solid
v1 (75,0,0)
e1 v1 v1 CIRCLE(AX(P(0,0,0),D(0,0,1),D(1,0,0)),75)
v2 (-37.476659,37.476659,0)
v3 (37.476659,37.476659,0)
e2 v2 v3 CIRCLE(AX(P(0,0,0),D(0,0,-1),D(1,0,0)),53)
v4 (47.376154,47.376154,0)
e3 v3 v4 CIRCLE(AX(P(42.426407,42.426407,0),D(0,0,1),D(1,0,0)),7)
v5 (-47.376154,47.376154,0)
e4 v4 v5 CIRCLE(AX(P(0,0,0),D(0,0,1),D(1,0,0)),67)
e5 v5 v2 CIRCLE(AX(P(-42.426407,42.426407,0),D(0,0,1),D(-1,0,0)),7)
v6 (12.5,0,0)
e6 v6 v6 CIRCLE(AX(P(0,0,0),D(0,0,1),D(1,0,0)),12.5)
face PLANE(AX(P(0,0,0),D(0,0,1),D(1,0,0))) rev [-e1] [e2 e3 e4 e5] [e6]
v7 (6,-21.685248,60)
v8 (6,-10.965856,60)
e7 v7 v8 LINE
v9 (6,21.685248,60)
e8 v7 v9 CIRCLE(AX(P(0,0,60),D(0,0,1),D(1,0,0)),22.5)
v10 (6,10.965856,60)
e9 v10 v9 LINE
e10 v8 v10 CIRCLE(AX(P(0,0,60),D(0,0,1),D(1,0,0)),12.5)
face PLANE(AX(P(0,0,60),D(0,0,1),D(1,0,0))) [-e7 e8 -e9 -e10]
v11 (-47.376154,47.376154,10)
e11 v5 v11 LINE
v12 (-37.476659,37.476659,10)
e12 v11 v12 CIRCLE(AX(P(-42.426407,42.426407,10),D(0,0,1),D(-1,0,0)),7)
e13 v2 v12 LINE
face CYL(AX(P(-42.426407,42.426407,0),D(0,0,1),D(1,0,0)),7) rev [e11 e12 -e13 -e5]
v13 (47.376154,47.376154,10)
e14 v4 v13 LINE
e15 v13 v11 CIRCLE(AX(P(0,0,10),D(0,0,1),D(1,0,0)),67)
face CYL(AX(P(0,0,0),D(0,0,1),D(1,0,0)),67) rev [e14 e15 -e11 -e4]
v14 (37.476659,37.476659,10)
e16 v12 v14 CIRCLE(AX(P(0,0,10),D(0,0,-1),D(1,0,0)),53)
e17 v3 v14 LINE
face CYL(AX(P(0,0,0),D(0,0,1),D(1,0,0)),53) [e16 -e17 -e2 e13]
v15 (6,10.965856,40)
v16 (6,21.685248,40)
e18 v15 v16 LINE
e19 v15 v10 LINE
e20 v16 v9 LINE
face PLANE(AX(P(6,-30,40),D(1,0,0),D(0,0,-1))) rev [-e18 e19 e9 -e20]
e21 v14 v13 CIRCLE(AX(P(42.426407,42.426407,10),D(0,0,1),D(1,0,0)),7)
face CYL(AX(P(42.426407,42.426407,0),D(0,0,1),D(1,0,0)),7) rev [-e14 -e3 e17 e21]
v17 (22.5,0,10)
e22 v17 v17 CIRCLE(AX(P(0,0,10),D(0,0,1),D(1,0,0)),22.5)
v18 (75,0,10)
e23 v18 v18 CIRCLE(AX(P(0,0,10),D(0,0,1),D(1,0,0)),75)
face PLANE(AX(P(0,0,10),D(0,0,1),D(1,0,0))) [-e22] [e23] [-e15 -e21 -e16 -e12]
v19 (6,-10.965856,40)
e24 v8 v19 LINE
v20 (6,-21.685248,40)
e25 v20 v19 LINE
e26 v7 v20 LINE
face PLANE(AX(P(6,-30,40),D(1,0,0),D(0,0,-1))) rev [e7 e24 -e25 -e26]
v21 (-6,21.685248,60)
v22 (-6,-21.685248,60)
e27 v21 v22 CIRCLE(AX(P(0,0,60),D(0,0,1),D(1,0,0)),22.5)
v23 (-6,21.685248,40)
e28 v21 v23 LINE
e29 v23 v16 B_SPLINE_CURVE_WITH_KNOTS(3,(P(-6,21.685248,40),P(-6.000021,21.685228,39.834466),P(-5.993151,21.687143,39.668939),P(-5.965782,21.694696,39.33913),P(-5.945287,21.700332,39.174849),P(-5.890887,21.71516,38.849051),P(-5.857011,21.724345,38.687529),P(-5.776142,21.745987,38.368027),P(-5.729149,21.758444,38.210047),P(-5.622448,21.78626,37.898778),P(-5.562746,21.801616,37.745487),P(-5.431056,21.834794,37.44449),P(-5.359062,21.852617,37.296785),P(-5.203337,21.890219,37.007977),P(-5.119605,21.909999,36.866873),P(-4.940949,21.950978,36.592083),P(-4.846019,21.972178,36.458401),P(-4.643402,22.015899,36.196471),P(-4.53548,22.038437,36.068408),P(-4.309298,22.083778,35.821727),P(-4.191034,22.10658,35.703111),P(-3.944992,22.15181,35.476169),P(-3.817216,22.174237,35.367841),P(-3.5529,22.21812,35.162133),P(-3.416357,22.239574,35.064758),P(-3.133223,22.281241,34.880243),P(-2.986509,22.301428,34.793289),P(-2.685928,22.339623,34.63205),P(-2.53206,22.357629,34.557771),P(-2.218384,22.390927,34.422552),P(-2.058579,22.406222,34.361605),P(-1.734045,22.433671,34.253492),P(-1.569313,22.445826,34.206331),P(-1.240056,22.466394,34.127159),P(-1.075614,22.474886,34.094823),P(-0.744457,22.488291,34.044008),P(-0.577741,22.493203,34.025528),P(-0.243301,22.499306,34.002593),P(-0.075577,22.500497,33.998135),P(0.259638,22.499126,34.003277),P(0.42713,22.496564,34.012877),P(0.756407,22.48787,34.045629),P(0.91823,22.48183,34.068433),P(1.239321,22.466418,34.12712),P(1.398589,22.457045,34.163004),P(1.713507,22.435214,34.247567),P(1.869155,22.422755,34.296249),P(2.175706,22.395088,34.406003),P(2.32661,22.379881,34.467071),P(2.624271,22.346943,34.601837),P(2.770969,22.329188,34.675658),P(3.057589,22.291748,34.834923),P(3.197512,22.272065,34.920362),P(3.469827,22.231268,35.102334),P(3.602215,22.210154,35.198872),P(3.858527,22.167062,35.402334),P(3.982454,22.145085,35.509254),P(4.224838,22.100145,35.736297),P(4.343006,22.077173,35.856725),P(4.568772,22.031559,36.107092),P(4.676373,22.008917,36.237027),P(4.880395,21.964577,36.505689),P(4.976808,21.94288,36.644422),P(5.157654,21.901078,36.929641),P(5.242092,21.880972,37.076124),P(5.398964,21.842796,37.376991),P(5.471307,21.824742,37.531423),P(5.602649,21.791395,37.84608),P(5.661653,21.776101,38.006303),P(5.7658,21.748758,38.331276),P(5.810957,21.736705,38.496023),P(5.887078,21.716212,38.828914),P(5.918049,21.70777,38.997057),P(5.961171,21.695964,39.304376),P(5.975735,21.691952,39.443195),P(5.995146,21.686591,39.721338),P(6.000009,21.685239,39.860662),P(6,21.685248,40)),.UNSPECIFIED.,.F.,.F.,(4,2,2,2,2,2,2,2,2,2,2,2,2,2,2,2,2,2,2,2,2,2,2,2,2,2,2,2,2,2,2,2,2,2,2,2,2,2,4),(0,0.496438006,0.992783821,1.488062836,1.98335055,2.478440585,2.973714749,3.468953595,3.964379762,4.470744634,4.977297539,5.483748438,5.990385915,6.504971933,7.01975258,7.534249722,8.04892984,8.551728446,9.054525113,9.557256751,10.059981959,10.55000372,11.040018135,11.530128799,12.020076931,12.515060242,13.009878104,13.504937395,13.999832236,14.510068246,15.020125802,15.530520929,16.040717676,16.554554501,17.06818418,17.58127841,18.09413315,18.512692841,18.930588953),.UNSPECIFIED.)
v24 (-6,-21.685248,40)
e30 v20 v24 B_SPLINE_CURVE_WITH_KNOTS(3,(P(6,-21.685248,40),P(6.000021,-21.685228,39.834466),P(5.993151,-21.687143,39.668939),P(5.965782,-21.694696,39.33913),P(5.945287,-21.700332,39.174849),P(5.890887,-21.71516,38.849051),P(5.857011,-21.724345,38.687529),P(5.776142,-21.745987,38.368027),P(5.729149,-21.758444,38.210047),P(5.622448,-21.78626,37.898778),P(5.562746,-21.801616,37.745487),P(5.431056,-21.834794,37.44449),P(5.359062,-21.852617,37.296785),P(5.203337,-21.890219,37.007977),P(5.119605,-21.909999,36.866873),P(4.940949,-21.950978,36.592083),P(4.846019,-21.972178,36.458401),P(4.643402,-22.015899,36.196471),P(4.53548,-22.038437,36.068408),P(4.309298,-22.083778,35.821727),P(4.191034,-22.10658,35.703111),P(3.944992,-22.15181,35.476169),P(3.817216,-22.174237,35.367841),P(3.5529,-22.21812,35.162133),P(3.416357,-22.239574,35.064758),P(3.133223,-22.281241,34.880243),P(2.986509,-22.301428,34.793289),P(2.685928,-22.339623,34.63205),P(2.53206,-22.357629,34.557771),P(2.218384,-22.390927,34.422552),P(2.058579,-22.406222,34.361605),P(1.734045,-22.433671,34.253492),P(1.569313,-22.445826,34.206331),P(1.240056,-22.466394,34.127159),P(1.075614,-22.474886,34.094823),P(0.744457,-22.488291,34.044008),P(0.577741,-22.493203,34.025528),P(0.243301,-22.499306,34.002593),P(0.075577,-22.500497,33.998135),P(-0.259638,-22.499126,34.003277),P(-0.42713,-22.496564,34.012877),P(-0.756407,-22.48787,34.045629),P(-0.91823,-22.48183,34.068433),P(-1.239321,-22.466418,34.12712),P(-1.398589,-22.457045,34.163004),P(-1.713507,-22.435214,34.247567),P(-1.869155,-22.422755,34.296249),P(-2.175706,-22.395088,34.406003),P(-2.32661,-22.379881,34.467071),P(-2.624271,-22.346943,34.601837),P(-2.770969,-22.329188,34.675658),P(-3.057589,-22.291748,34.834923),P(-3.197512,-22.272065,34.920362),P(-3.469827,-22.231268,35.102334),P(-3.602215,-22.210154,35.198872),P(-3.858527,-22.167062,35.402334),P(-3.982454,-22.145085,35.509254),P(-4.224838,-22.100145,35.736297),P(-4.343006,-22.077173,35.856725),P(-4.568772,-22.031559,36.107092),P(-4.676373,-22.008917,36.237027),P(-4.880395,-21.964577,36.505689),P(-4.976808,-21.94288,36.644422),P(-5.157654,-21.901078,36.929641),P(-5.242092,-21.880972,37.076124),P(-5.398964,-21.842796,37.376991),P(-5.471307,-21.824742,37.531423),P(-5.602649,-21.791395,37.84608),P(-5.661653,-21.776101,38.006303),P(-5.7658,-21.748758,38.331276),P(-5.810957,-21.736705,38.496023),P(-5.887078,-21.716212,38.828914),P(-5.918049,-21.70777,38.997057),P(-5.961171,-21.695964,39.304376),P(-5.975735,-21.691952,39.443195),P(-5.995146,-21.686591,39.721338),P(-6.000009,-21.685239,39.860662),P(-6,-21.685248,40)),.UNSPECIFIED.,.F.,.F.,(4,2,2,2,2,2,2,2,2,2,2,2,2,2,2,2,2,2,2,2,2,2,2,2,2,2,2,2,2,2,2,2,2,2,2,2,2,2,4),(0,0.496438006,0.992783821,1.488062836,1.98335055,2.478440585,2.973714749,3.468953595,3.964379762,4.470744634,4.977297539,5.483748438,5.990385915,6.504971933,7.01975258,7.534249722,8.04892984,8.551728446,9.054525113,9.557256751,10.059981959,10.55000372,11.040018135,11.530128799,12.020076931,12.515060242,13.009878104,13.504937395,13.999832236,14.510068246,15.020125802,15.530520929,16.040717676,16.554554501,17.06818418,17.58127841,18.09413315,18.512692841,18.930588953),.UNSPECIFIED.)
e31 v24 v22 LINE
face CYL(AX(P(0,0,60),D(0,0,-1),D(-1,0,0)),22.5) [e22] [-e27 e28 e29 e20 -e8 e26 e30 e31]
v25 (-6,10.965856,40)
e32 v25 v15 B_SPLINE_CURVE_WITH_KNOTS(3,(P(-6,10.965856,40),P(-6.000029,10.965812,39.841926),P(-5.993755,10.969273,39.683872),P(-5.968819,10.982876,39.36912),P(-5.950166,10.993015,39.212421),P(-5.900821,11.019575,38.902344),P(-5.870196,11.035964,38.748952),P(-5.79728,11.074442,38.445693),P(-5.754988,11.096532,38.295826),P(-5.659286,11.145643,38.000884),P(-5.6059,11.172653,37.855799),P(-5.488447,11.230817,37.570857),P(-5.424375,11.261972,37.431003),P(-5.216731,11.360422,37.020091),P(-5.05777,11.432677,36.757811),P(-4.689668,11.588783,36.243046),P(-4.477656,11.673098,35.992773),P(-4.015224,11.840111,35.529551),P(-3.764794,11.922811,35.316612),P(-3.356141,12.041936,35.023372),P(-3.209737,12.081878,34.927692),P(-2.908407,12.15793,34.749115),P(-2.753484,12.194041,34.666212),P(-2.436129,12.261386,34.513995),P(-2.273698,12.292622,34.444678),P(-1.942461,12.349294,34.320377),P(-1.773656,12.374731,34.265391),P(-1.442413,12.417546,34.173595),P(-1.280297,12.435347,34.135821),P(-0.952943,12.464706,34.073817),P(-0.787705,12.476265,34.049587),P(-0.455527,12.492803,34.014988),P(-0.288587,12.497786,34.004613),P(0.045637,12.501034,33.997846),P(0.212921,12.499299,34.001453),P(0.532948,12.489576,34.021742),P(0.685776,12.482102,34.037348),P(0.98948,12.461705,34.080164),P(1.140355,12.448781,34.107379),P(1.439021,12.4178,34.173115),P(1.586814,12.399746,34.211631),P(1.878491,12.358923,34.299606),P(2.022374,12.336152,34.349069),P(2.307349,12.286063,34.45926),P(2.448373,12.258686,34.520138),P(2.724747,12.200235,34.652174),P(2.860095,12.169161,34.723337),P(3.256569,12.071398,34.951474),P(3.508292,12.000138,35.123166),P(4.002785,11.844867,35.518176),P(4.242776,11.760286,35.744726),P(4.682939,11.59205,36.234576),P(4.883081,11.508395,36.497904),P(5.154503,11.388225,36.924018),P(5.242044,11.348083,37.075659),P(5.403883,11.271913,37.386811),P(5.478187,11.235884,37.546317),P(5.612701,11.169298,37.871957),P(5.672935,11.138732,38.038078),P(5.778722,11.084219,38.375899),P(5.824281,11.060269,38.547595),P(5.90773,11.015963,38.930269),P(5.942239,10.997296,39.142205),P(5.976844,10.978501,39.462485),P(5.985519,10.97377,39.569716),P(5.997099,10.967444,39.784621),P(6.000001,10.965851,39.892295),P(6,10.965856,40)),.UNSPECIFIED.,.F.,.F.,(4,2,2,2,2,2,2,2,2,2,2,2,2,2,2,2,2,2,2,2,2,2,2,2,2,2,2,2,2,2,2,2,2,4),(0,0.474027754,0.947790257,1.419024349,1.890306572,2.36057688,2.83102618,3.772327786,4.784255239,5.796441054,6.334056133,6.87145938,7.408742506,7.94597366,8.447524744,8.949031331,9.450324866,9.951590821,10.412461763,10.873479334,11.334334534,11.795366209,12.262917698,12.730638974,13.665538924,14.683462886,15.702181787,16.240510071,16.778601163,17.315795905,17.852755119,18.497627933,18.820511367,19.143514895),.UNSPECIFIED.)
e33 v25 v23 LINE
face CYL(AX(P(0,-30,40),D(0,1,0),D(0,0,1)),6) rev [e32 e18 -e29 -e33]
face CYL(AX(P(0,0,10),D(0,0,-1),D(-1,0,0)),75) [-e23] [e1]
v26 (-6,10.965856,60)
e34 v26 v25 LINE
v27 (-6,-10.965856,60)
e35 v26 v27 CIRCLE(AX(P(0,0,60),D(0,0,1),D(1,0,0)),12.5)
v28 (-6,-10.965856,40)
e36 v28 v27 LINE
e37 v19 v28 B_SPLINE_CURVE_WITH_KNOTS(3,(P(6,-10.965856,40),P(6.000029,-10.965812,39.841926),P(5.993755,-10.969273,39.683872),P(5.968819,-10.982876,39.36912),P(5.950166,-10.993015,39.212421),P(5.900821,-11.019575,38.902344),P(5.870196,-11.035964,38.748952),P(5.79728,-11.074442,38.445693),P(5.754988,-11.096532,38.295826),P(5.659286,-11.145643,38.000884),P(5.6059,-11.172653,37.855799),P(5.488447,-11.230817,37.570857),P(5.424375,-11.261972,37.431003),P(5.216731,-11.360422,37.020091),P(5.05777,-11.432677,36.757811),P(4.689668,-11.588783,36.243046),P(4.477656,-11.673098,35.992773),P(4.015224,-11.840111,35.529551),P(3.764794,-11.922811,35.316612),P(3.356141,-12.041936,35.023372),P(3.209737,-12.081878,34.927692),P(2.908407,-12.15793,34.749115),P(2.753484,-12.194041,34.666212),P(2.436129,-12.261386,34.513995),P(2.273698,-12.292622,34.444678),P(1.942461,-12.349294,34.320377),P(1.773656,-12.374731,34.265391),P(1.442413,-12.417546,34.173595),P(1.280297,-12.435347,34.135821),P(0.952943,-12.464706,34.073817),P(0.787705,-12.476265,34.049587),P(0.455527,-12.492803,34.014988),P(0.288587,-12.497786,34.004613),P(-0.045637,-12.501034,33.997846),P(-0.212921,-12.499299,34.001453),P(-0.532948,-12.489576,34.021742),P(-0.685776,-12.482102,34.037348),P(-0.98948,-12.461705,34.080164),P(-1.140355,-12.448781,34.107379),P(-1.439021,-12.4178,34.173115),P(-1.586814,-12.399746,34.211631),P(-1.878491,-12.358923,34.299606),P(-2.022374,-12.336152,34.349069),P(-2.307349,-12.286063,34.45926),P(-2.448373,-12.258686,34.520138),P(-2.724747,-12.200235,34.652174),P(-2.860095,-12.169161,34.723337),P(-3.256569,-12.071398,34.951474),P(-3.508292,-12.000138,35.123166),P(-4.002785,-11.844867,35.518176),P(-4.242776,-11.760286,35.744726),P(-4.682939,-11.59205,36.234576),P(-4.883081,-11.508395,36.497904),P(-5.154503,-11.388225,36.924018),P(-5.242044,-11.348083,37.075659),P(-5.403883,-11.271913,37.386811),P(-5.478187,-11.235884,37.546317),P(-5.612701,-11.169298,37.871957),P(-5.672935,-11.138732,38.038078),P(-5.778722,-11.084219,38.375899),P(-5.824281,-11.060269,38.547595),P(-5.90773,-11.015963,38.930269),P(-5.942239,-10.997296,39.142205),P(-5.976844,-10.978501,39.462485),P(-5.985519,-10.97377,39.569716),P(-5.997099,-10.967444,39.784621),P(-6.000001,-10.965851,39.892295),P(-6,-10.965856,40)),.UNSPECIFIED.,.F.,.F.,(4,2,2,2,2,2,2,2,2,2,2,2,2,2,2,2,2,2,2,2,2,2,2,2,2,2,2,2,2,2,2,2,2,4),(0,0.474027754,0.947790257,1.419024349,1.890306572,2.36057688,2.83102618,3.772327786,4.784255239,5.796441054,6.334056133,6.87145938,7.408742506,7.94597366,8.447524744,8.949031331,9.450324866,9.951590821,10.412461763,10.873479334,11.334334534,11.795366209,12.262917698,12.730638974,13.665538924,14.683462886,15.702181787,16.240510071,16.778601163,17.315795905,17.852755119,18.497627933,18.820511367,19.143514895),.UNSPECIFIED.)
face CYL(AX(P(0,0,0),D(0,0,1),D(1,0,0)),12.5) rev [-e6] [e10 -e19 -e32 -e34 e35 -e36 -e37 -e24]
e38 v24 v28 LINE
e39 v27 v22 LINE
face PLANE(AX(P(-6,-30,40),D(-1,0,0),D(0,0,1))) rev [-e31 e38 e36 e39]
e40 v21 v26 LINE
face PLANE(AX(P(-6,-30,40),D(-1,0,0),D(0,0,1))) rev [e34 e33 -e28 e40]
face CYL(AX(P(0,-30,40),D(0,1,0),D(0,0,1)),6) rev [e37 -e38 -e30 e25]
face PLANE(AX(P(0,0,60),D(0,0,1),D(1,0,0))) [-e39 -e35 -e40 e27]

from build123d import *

# Parameters (mm, degrees)
SKETCH1_R           = 75
BOSS_EXTRUDE1_DEPTH = 10
SKETCH2_R           = 22.5
BOSS_EXTRUDE2_DEPTH = 50
CUT_EXTRUDE1_DEPTH  = 30
CUT_EXTRUDE2_DEPTH  = 118.260394038
SKETCH5_R           = 12.5
CUT_EXTRUDE3_DEPTH  = 122.86057607


with BuildPart() as part:
    # Sketch1 → Boss-Extrude1 (new body)
    with BuildSketch(Plane.XY):
        Circle(SKETCH1_R)
    extrude(amount=BOSS_EXTRUDE1_DEPTH)

    # Sketch2 → Boss-Extrude2 (add)
    with BuildSketch(Plane.XY.offset(10)):
        Circle(SKETCH2_R)
    extrude(amount=BOSS_EXTRUDE2_DEPTH)

    # Sketch3 → Cut-Extrude1 (cut, symmetric)
    with BuildSketch(Plane(origin=(0, 0, 0), x_dir=(1, 0, 0), z_dir=(0, 1, 0))):
        with BuildLine():
            Line((6, -40), (6, -60))
            ThreePointArc((6, -60), (0, -66), (-6, -60))
            Line((-6, -60), (-6, -40))
            ThreePointArc((-6, -40), (0, -34), (6, -40))
        make_face()
    extrude(amount=CUT_EXTRUDE1_DEPTH, both=True, mode=Mode.SUBTRACT)

    # Sketch4 → Cut-Extrude2 (cut, through all)
    with BuildSketch(Plane.XY.offset(10)):
        with BuildLine():
            ThreePointArc((37.476659403, 37.476659403), (0, 53), (-37.476659403, 37.476659403))
            ThreePointArc((-37.476659403, 37.476659403), (-47.376154339, 37.476659403), (-47.376154339, 47.376154339))
            ThreePointArc((-47.376154339, 47.376154339), (0, 67), (47.376154339, 47.376154339))
            ThreePointArc((47.376154339, 47.376154339), (47.376154339, 37.476659403), (37.476659403, 37.476659403))
        make_face()
    extrude(amount=-CUT_EXTRUDE2_DEPTH, mode=Mode.SUBTRACT)

    # Sketch5 → Cut-Extrude3 (cut, through all)
    with BuildSketch(Plane.XY.offset(60)):
        Circle(SKETCH5_R)
    extrude(amount=-CUT_EXTRUDE3_DEPTH, mode=Mode.SUBTRACT)


solid = part.part
